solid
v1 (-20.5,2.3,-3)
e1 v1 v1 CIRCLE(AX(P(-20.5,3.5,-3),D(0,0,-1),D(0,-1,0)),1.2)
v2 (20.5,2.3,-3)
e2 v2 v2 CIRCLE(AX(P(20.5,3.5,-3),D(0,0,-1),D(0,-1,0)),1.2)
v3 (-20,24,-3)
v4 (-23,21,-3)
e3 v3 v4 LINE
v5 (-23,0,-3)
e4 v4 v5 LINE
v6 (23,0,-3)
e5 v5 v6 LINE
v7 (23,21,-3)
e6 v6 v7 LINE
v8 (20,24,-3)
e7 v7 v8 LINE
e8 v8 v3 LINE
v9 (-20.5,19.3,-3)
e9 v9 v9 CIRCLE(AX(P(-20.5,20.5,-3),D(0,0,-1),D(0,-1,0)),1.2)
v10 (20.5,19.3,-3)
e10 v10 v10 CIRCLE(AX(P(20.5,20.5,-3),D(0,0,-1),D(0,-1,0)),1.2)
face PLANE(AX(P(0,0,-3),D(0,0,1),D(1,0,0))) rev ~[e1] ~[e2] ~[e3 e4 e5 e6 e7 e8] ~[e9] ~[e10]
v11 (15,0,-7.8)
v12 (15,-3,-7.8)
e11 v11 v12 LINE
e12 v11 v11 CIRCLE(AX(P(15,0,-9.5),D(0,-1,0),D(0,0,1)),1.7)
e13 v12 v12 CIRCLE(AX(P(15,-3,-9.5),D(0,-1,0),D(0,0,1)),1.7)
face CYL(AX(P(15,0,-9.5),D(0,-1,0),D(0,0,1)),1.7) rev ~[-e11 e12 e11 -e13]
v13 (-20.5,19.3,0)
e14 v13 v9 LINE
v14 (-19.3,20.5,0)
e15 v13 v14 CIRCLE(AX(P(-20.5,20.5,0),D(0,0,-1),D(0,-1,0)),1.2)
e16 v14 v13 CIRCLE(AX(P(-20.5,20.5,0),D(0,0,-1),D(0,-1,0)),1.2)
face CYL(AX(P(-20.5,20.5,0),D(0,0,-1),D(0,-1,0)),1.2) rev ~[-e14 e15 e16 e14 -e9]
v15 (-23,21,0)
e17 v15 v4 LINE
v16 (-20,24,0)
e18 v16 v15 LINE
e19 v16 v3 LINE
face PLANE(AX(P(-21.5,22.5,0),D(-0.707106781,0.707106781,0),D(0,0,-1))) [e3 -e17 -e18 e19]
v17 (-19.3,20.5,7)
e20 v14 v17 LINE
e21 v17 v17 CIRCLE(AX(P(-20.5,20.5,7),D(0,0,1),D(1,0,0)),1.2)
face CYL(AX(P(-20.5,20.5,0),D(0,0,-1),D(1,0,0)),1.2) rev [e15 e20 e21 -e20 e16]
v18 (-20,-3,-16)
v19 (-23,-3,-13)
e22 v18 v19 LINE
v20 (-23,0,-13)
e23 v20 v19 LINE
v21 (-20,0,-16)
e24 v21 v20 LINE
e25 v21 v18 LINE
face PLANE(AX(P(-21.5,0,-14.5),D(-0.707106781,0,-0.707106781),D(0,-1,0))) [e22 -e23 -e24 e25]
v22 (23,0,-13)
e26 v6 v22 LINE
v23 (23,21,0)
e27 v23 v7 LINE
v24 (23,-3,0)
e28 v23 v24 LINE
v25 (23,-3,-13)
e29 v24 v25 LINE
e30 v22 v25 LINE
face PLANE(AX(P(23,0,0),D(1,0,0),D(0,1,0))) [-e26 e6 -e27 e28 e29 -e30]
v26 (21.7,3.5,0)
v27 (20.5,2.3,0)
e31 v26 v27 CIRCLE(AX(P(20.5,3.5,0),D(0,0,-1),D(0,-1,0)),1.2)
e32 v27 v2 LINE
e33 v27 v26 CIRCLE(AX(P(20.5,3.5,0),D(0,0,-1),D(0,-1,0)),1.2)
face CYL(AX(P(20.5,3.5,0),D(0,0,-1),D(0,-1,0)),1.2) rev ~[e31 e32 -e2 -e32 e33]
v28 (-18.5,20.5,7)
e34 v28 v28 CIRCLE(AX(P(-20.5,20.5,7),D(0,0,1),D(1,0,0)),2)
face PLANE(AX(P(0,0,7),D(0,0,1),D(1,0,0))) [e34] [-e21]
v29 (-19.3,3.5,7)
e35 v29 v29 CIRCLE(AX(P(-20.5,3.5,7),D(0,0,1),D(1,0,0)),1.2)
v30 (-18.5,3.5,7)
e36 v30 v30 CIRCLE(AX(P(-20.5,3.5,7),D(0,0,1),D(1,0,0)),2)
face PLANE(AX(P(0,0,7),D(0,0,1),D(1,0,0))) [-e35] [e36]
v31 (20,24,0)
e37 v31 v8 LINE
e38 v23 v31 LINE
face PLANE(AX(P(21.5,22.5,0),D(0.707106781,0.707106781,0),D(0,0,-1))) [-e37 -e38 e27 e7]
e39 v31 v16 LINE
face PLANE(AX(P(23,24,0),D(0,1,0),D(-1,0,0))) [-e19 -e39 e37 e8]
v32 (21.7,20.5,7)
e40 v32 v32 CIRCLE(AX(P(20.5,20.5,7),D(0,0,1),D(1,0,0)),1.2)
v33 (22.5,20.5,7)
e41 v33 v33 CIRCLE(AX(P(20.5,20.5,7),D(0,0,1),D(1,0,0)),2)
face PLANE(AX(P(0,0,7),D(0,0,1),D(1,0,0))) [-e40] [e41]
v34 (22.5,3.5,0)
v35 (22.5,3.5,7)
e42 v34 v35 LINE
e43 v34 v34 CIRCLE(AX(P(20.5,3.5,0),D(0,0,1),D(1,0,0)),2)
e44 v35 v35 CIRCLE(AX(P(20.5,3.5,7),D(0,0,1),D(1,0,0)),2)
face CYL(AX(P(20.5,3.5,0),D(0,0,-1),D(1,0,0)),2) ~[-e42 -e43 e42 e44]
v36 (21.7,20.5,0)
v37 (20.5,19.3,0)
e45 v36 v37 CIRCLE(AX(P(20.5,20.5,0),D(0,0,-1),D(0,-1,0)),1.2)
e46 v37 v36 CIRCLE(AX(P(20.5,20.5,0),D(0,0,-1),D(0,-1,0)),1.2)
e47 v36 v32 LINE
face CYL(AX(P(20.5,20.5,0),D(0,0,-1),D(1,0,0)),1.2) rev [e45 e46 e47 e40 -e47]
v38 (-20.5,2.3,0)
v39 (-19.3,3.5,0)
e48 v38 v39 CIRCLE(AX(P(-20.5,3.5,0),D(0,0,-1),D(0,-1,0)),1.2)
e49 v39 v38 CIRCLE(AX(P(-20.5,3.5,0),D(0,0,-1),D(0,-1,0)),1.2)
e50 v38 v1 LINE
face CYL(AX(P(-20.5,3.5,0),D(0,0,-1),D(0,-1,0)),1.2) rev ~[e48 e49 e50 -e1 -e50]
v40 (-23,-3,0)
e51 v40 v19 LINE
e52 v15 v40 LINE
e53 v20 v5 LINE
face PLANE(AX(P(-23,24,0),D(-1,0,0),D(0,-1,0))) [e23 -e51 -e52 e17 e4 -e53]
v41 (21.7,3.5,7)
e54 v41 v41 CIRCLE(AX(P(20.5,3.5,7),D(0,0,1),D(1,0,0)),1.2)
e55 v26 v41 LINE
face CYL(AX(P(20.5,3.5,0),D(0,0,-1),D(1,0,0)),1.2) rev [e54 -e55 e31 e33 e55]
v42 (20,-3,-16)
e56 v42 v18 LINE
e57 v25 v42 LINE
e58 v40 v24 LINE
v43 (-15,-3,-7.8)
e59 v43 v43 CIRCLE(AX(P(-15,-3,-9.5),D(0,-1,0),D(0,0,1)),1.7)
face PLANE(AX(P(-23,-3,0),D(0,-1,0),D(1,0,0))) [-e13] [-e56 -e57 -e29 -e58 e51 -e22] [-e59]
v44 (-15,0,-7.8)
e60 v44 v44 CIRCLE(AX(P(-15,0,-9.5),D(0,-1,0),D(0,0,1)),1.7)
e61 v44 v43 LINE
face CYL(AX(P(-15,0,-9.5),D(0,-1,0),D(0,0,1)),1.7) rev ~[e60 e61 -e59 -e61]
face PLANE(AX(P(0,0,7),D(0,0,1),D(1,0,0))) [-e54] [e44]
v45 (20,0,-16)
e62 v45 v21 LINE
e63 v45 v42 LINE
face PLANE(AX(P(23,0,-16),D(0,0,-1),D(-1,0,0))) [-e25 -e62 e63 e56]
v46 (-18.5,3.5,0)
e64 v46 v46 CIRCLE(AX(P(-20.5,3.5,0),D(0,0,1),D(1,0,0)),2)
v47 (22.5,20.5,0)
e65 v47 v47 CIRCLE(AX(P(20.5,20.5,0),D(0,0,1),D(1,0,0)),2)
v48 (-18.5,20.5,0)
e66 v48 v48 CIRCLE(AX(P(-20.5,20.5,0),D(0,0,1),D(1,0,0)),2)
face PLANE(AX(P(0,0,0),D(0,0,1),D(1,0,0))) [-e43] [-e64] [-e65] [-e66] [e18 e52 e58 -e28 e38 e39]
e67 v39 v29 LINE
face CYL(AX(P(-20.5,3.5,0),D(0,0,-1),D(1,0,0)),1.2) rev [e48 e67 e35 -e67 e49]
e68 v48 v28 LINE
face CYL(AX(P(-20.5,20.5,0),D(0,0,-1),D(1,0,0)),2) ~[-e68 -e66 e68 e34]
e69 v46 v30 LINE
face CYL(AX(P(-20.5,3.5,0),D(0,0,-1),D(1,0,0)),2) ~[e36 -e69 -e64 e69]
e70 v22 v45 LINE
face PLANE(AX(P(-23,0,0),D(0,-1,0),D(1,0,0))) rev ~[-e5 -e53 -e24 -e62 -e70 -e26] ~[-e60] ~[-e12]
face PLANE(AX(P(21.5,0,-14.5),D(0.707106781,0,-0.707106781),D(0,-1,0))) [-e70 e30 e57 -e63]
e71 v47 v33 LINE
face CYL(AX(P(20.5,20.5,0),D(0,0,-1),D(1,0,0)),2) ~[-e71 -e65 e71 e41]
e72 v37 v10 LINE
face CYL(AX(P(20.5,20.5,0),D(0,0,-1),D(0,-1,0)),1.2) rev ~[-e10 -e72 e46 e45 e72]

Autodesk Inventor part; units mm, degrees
ref_plane "YZ Plane" through (0, 0, 0) normal (1, 0, 0) x (0, 1, 0)
ref_plane "XZ Plane" through (0, 0, 0) normal (0, 1, 0) x (-1, 0, 0)
ref_plane "XY Plane" through (0, 0, 0) normal (0, 0, 1) x (1, 0, 0)
sketch "Sketch1" plane through (0, 0, 0) normal (0, 0, 1) x (1, 0, 0)
  line L0 (-22, 22) -> (22, 22) construction
  line L1 (22, 22) -> (22, 2) construction
  line L2 (22, 2) -> (-22, 2) construction
  line L3 (-22, 2) -> (-22, 22) construction
  line L4 (-22, 22) -> (22, 2) construction
  line L5 (22, 22) -> (-22, 2) construction
  line L6 (23, 24) -> (-23, 24)
  line L7 (-23, 24) -> (-23, 0)
  line L8 (-23, 0) -> (23, 0)
  line L9 (23, 0) -> (23, 24)
  point P0 (0, 12)
  point P1 (0, 12)
  point P2 (0, 0)
  point P3 (0, 12)
  dimension "d0" = 20
  dimension "d1" = 44
  dimension "d2" = 2
  dimension "d60" = 2
  dimension "d61" = 1
  dimension "d62" = 1
extrude "Extrusion1" add sketch "Sketch1" against normal blind 3
sketch "Sketch2" plane through (-23, 0, 0) normal (0, -1, 0) x (1, 0, 0)
  line L0 (0, 0) -> (46, 0)
  line L1 (46, 0) -> (46, -16)
  line L2 (46, -16) -> (0, -16)
  line L3 (0, -16) -> (0, 0)
  line L4 (46, 0) -> (0, 0) projected
  line L5 (46, 0) -> (46, -3) projected
  line L6 (0, 0) -> (0, -3) projected
  point P0 (23, 0)
  dimension "d54" = 46
  dimension "d55" = 16
  dimension "d59" = 46
extrude "Extrusion2" add sketch "Sketch2" along normal blind 3
sketch "Sketch3" plane through (0, 0, 0) normal (0, 0, 1) x (1, 0, 0)
  line L0 (-21.5, 21.5) -> (21.5, 21.5) construction
  line L1 (21.5, 21.5) -> (21.5, 2.5) construction
  line L2 (21.5, 2.5) -> (-21.5, 2.5) construction
  line L3 (-21.5, 2.5) -> (-21.5, 21.5) construction
  circle A0 centre (-20.5, 20.5) radius 1 construction
  circle A1 centre (-20.5, 3.5) radius 1 construction
  circle A2 centre (20.5, 20.5) radius 1 construction
  circle A3 centre (20.5, 3.5) radius 1 construction
  line L4 (23, 24) -> (23, 0) projected
  line L5 (22, 22) -> (-22, 22)
  line L6 (-22, 22) -> (-22, 2)
  line L7 (-22, 2) -> (22, 2)
  line L8 (22, 2) -> (22, 22)
  point P0 (0, 0)
  point P1 (0, 2.5)
  point P2 (21.5, 12)
  point P3 (23, 12)
  point P4 (23, 0)
  point P5 (24, 3)
  dimension "d8" = 2
  dimension "d9" = 2
  dimension "d10" = 2
  dimension "d11" = 2
  dimension "d43" = 0.5
  dimension "d44" = 44
  dimension "d45" = 20
hole "Hole1" at (-20.5, 20.5, 0) at (20.5, 20.5, 0) at (20.5, 3.5, 0) at (-20.5, 3.5, 0) direction (0, 0, -1) diameter 2.4 depth 6
sketch "Sketch5" plane through (-23, 0, 0) normal (0, 1, 0) x (1, 0, 0)
  line L0 (0, 3) -> (46, 3) projected
  line L1 (46, 0) -> (0, 0) projected
  line L2 (46, 16) -> (46, 3) projected
  line L3 (0, 3) -> (0, 16) projected
  line L4 (0, 16) -> (46, 16) projected
  line L5 (46, 16) -> (46, 3) projected
  line L6 (0, 3) -> (46, 3) projected
  line L7 (0, 3) -> (0, 16) projected
  line L8 (0, 16) -> (46, 16) projected
  line L9 (46, 0) -> (0, 0) projected
  line L10 (8, 9.5) -> (38, 9.5)
  line L11 (0, 0) -> (0, 3) projected
  line L12 (46, 3) -> (46, 0) projected
  line L13 (0, 0) -> (0, 3) projected
  line L14 (46, 3) -> (46, 0) projected
  point P0 (23, 9.5)
  point P1 (23, 16)
  dimension "d56" = 13
  dimension "d57" = 6.5
  dimension "d58" = 30
hole "Hole2" at (-15, 0, -9.5) at (15, 0, -9.5) direction (0, -1, 0) diameter 3.4 depth 6
chamfer "Chamfer2" distance 3 angle 45 4 edges at (-23, 24, -1.5) (23, 24, -1.5) (23, -1.5, -16) (-23, -1.5, -16)
sketch "Sketch6" plane through (0, 0, 0) normal (0, 0, 1) x (1, 0, 0)
  circle A0 centre (-20.5, 20.5) radius 1.2 projected
  circle A1 centre (-20.5, 20.5) radius 2
  circle A2 centre (20.5, 20.5) radius 1.2 projected
  circle A3 centre (20.5, 20.5) radius 2
  circle A4 centre (20.5, 3.5) radius 1.2 projected
  circle A5 centre (20.5, 3.5) radius 2
  circle A6 centre (-20.5, 3.5) radius 1.2 projected
  circle A7 centre (-20.5, 3.5) radius 2
  point P0 (0, 0)
  dimension "d46" = 4
  dimension "d47" = 4
  dimension "d49" = 4
  dimension "d50" = 4
extrude "Extrusion3" add sketch "Sketch6" along normal blind 7
equation "\"d60\" = d2"
equation "\"d62\" = d61"
equation "\"d54\" = d59"
equation "\"d44\" = d1"
equation "\"d45\" = d0"
equation "\"d57\" = 0.5 * d56"
equation "\"d46\" = d50"
equation "\"d47\" = d50"
equation "\"d49\" = d50"
properties part number "ultrasonic mount (front) v2"
